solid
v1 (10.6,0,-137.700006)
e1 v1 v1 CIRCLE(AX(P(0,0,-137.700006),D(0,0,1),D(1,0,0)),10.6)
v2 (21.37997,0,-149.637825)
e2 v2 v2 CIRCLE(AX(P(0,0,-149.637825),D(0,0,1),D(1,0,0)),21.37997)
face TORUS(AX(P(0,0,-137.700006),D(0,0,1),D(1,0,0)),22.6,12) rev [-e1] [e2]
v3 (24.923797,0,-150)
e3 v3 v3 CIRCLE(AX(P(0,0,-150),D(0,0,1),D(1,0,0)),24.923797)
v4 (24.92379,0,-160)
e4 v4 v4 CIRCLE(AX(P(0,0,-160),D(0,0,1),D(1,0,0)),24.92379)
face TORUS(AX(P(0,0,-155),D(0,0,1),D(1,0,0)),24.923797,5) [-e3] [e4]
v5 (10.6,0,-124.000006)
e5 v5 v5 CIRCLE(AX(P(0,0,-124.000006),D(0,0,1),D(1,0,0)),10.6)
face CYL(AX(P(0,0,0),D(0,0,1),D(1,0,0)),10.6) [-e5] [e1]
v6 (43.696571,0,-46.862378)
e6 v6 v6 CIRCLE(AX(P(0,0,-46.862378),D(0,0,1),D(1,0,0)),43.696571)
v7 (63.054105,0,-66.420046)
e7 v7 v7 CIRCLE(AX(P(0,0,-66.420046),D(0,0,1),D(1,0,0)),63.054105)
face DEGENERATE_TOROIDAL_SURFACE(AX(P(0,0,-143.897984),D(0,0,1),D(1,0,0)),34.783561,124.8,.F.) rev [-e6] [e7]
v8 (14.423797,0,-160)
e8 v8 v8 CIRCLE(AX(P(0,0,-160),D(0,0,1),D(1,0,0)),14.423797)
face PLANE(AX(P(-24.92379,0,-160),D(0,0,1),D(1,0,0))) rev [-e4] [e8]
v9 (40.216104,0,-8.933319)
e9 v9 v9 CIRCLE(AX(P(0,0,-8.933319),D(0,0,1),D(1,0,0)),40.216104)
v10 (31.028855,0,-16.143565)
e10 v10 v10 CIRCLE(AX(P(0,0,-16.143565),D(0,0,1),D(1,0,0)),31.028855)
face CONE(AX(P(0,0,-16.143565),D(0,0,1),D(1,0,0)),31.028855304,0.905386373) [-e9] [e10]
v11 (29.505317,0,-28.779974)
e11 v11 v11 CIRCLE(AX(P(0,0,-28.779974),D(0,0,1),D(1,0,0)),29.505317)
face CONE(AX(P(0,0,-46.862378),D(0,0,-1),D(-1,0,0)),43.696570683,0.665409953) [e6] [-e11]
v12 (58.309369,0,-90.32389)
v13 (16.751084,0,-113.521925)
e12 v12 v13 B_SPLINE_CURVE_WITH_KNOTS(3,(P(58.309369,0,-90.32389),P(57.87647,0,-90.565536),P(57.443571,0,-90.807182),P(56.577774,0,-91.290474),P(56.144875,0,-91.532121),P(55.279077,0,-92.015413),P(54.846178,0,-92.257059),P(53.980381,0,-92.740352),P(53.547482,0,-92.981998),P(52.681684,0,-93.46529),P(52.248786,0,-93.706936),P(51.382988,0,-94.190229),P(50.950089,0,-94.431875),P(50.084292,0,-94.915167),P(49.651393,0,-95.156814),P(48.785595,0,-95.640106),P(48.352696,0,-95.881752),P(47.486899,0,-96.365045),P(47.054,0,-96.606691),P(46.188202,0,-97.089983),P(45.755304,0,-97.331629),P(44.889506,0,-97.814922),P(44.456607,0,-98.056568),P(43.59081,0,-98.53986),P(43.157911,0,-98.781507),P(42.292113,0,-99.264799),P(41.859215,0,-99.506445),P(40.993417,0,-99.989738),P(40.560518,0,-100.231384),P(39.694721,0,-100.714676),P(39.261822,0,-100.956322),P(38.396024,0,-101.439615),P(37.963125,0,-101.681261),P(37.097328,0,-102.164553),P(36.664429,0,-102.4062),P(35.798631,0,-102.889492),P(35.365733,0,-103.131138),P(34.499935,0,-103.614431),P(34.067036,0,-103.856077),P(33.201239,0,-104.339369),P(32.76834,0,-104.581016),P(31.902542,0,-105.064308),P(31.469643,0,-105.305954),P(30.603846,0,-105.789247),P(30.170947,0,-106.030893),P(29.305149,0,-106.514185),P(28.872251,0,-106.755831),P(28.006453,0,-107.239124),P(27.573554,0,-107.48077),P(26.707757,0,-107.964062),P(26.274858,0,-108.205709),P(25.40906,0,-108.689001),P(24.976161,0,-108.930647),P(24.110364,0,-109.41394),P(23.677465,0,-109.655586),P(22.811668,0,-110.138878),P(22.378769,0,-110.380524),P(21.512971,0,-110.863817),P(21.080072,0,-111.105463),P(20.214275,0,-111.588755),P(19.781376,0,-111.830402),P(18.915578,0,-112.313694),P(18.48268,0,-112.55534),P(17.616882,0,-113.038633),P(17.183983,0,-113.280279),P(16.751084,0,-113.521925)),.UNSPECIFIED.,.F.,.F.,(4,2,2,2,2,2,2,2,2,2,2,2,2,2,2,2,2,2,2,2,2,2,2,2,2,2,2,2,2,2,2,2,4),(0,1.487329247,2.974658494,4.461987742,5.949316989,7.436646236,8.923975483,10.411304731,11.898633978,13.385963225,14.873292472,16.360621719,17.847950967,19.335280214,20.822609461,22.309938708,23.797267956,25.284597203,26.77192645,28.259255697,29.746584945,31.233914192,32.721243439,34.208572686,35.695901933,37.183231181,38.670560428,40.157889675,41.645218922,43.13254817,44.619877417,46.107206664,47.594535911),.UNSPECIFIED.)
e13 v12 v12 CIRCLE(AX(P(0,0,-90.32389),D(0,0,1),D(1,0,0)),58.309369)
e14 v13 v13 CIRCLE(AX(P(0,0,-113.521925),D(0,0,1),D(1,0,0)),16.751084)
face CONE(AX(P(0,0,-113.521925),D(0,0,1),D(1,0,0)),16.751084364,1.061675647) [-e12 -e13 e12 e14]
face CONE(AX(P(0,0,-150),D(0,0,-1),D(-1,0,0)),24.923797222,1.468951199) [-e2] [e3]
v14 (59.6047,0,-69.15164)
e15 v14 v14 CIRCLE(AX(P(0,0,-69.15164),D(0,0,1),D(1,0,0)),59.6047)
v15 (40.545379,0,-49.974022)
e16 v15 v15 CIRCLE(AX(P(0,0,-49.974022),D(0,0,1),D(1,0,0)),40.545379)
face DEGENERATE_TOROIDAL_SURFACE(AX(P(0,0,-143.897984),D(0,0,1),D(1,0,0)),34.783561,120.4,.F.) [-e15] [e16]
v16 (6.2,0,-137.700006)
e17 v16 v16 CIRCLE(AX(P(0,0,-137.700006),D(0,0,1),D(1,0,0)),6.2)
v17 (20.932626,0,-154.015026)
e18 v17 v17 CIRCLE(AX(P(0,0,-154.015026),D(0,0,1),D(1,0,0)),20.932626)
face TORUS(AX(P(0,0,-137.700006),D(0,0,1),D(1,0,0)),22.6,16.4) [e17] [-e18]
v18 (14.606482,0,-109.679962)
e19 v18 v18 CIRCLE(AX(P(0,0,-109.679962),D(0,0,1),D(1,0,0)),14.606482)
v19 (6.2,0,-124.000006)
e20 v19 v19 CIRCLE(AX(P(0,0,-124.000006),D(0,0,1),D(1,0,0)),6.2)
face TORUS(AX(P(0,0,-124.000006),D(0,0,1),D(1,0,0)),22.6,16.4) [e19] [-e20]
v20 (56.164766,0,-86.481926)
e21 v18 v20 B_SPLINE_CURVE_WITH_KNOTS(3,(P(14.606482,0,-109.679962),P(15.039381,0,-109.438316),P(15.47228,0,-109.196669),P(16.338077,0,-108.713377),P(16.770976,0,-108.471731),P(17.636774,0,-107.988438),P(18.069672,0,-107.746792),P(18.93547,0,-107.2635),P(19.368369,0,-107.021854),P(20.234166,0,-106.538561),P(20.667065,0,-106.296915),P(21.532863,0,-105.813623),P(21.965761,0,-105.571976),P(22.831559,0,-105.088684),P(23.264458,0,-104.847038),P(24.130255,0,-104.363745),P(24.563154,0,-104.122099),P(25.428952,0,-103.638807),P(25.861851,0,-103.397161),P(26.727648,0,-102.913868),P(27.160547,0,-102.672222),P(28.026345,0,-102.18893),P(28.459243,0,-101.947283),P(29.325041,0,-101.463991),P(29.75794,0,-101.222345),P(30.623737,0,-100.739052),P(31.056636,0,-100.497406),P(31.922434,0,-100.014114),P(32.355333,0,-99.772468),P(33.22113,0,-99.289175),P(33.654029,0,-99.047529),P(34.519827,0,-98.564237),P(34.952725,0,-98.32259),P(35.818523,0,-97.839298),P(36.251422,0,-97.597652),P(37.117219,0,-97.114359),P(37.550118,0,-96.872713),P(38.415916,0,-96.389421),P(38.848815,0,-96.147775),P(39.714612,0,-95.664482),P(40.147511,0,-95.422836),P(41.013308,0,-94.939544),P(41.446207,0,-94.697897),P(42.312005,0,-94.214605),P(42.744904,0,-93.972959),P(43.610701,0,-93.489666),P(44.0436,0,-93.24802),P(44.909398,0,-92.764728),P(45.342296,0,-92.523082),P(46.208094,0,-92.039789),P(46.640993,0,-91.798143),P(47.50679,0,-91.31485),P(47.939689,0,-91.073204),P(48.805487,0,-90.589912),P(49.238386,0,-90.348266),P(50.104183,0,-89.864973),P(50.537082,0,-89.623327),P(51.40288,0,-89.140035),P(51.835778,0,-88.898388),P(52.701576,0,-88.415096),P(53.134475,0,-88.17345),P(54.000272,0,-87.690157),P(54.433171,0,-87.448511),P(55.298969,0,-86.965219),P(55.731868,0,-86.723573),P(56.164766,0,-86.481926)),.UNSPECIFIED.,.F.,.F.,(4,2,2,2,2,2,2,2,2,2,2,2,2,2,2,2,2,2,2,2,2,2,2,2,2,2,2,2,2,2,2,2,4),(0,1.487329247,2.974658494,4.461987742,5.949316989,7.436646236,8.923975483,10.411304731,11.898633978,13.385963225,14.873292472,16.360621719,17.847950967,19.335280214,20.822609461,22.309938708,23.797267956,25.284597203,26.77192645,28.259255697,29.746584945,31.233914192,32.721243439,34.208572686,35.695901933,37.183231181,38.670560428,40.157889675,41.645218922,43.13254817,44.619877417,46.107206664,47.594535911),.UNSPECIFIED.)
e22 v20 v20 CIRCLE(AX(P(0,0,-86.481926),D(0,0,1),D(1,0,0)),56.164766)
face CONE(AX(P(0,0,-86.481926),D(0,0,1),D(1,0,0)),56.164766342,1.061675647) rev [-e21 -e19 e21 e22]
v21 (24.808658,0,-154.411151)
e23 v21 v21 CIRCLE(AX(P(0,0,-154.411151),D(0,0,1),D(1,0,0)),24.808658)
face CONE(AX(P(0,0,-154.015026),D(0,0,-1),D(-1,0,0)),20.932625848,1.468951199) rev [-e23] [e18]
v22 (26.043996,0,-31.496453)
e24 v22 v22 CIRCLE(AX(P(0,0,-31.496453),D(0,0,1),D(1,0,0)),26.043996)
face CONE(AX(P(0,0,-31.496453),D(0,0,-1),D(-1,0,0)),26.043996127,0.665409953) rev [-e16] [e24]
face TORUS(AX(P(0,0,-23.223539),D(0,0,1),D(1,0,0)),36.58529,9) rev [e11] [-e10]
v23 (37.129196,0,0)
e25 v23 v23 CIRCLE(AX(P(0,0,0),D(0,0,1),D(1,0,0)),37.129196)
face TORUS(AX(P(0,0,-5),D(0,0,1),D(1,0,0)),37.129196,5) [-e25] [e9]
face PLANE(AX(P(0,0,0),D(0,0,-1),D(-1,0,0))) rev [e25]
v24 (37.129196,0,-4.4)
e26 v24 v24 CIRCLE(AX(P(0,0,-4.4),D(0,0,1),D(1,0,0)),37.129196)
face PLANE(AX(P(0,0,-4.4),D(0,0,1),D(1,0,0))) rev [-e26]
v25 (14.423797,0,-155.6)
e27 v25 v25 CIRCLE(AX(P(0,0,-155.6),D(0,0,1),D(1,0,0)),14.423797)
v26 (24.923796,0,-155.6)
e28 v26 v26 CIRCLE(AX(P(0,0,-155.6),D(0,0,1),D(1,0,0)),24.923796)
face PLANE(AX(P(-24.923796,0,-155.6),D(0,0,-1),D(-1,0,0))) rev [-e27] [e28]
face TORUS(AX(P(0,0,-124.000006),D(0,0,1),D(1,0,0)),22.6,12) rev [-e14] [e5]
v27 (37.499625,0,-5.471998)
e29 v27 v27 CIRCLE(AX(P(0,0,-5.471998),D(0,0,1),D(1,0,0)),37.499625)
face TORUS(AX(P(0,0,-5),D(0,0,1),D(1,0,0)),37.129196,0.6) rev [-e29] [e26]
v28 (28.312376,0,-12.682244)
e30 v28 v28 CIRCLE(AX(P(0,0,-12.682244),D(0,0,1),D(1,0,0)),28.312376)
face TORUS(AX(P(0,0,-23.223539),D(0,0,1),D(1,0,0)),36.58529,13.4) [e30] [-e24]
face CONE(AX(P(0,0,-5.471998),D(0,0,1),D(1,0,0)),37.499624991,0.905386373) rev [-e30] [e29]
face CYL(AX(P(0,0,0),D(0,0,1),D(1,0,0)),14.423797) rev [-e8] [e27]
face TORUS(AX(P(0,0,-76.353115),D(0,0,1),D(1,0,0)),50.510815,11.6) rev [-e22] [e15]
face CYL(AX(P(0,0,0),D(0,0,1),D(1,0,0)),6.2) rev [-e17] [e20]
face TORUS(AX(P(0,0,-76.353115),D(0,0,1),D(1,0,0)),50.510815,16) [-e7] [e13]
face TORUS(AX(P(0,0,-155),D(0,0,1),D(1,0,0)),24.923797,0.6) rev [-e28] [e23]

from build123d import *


with BuildPart() as part:
    # Sketch1 → Revolve3 (revolve)
    with BuildSketch(Plane(origin=(0, 0, 0), x_dir=(1, 0, 0), z_dir=(0, 1, 0)), mode=Mode.PRIVATE) as revolve3_sk:
        with BuildLine():
            Line((0, 0), (-37.129195983, 0))
            ThreePointArc((-37.129195983, 0), (-41.855007756, 3.366995689), (-40.216104383, 8.933318768))
            Line((-40.216104383, 8.933318768), (-31.028855304, 16.14356488))
            ThreePointArc((-31.028855304, 16.14356488), (-27.65, 22.146234143), (-29.505316643, 28.779973782))
            Line((-29.505316643, 28.779973782), (-43.696570683, 46.862378123))
            ThreePointArc((-43.696570683, 46.862378123), (-53.916027764, 56.106054849), (-63.054105157, 66.420045542))
            ThreePointArc((-63.054105157, 66.420045542), (-66.204638247, 79.468222648), (-58.309368742, 90.323889555))
            Line((-58.309368742, 90.323889555), (-16.751084364, 113.521924993))
            ThreePointArc((-16.751084364, 113.521924993), (-12.25140136, 117.92493368), (-10.6, 124.000006205))
            Line((-10.6, 124.000006205), (-10.6, 137.700006205))
            ThreePointArc((-10.6, 137.700006205), (-13.693812308, 145.742382769), (-21.379970133, 149.6378254))
            Line((-21.379970133, 149.6378254), (-24.923797222, 150))
            ThreePointArc((-24.923797222, 150), (-29.923797222, 155.000003825), (-24.923789573, 160))
            Line((-24.923789573, 160), (-14.423797222, 160))
            Line((-14.423797222, 160), (-14.423797222, 155.6))
            Line((-14.423797222, 155.6), (-24.923796304, 155.6))
            ThreePointArc((-24.923796304, 155.6), (-25.521002945, 154.94216123), (-24.808657506, 154.411151254))
            Line((-24.808657506, 154.411151254), (-20.932625848, 154.015025771))
            ThreePointArc((-20.932625848, 154.015025771), (-10.428210154, 148.691254176), (-6.2, 137.700006205))
            Line((-6.2, 137.700006205), (-6.2, 124.000006205))
            ThreePointArc((-6.2, 124.000006205), (-8.456915192, 115.697407088), (-14.606481965, 109.679961882))
            Line((-14.606481965, 109.679961882), (-56.164766342, 86.481926444))
            ThreePointArc((-56.164766342, 86.481926444), (-61.888836733, 78.611567936), (-59.604700243, 69.151639534))
            ThreePointArc((-59.604700243, 69.151639534), (-50.615076995, 59.026124681), (-40.545379217, 49.97402195))
            Line((-40.545379217, 49.97402195), (-26.043996127, 31.496453174))
            ThreePointArc((-26.043996127, 31.496453174), (-23.281635792, 21.619551933), (-28.312375912, 12.682244364))
            Line((-28.312375912, 12.682244364), (-37.499624991, 5.471998252))
            ThreePointArc((-37.499624991, 5.471998252), (-37.696293395, 4.804039483), (-37.129195983, 4.4))
            Line((-37.129195983, 4.4), (0, 4.4))
            Line((0, 4.4), (0, 0))
        make_face()
    revolve(revolve3_sk.sketch.rotate(Axis((0, 0, 0), (0, 0, -1)), 180), axis=Axis((0, 0, 0), (0, 0, -1)))


solid = part.part
